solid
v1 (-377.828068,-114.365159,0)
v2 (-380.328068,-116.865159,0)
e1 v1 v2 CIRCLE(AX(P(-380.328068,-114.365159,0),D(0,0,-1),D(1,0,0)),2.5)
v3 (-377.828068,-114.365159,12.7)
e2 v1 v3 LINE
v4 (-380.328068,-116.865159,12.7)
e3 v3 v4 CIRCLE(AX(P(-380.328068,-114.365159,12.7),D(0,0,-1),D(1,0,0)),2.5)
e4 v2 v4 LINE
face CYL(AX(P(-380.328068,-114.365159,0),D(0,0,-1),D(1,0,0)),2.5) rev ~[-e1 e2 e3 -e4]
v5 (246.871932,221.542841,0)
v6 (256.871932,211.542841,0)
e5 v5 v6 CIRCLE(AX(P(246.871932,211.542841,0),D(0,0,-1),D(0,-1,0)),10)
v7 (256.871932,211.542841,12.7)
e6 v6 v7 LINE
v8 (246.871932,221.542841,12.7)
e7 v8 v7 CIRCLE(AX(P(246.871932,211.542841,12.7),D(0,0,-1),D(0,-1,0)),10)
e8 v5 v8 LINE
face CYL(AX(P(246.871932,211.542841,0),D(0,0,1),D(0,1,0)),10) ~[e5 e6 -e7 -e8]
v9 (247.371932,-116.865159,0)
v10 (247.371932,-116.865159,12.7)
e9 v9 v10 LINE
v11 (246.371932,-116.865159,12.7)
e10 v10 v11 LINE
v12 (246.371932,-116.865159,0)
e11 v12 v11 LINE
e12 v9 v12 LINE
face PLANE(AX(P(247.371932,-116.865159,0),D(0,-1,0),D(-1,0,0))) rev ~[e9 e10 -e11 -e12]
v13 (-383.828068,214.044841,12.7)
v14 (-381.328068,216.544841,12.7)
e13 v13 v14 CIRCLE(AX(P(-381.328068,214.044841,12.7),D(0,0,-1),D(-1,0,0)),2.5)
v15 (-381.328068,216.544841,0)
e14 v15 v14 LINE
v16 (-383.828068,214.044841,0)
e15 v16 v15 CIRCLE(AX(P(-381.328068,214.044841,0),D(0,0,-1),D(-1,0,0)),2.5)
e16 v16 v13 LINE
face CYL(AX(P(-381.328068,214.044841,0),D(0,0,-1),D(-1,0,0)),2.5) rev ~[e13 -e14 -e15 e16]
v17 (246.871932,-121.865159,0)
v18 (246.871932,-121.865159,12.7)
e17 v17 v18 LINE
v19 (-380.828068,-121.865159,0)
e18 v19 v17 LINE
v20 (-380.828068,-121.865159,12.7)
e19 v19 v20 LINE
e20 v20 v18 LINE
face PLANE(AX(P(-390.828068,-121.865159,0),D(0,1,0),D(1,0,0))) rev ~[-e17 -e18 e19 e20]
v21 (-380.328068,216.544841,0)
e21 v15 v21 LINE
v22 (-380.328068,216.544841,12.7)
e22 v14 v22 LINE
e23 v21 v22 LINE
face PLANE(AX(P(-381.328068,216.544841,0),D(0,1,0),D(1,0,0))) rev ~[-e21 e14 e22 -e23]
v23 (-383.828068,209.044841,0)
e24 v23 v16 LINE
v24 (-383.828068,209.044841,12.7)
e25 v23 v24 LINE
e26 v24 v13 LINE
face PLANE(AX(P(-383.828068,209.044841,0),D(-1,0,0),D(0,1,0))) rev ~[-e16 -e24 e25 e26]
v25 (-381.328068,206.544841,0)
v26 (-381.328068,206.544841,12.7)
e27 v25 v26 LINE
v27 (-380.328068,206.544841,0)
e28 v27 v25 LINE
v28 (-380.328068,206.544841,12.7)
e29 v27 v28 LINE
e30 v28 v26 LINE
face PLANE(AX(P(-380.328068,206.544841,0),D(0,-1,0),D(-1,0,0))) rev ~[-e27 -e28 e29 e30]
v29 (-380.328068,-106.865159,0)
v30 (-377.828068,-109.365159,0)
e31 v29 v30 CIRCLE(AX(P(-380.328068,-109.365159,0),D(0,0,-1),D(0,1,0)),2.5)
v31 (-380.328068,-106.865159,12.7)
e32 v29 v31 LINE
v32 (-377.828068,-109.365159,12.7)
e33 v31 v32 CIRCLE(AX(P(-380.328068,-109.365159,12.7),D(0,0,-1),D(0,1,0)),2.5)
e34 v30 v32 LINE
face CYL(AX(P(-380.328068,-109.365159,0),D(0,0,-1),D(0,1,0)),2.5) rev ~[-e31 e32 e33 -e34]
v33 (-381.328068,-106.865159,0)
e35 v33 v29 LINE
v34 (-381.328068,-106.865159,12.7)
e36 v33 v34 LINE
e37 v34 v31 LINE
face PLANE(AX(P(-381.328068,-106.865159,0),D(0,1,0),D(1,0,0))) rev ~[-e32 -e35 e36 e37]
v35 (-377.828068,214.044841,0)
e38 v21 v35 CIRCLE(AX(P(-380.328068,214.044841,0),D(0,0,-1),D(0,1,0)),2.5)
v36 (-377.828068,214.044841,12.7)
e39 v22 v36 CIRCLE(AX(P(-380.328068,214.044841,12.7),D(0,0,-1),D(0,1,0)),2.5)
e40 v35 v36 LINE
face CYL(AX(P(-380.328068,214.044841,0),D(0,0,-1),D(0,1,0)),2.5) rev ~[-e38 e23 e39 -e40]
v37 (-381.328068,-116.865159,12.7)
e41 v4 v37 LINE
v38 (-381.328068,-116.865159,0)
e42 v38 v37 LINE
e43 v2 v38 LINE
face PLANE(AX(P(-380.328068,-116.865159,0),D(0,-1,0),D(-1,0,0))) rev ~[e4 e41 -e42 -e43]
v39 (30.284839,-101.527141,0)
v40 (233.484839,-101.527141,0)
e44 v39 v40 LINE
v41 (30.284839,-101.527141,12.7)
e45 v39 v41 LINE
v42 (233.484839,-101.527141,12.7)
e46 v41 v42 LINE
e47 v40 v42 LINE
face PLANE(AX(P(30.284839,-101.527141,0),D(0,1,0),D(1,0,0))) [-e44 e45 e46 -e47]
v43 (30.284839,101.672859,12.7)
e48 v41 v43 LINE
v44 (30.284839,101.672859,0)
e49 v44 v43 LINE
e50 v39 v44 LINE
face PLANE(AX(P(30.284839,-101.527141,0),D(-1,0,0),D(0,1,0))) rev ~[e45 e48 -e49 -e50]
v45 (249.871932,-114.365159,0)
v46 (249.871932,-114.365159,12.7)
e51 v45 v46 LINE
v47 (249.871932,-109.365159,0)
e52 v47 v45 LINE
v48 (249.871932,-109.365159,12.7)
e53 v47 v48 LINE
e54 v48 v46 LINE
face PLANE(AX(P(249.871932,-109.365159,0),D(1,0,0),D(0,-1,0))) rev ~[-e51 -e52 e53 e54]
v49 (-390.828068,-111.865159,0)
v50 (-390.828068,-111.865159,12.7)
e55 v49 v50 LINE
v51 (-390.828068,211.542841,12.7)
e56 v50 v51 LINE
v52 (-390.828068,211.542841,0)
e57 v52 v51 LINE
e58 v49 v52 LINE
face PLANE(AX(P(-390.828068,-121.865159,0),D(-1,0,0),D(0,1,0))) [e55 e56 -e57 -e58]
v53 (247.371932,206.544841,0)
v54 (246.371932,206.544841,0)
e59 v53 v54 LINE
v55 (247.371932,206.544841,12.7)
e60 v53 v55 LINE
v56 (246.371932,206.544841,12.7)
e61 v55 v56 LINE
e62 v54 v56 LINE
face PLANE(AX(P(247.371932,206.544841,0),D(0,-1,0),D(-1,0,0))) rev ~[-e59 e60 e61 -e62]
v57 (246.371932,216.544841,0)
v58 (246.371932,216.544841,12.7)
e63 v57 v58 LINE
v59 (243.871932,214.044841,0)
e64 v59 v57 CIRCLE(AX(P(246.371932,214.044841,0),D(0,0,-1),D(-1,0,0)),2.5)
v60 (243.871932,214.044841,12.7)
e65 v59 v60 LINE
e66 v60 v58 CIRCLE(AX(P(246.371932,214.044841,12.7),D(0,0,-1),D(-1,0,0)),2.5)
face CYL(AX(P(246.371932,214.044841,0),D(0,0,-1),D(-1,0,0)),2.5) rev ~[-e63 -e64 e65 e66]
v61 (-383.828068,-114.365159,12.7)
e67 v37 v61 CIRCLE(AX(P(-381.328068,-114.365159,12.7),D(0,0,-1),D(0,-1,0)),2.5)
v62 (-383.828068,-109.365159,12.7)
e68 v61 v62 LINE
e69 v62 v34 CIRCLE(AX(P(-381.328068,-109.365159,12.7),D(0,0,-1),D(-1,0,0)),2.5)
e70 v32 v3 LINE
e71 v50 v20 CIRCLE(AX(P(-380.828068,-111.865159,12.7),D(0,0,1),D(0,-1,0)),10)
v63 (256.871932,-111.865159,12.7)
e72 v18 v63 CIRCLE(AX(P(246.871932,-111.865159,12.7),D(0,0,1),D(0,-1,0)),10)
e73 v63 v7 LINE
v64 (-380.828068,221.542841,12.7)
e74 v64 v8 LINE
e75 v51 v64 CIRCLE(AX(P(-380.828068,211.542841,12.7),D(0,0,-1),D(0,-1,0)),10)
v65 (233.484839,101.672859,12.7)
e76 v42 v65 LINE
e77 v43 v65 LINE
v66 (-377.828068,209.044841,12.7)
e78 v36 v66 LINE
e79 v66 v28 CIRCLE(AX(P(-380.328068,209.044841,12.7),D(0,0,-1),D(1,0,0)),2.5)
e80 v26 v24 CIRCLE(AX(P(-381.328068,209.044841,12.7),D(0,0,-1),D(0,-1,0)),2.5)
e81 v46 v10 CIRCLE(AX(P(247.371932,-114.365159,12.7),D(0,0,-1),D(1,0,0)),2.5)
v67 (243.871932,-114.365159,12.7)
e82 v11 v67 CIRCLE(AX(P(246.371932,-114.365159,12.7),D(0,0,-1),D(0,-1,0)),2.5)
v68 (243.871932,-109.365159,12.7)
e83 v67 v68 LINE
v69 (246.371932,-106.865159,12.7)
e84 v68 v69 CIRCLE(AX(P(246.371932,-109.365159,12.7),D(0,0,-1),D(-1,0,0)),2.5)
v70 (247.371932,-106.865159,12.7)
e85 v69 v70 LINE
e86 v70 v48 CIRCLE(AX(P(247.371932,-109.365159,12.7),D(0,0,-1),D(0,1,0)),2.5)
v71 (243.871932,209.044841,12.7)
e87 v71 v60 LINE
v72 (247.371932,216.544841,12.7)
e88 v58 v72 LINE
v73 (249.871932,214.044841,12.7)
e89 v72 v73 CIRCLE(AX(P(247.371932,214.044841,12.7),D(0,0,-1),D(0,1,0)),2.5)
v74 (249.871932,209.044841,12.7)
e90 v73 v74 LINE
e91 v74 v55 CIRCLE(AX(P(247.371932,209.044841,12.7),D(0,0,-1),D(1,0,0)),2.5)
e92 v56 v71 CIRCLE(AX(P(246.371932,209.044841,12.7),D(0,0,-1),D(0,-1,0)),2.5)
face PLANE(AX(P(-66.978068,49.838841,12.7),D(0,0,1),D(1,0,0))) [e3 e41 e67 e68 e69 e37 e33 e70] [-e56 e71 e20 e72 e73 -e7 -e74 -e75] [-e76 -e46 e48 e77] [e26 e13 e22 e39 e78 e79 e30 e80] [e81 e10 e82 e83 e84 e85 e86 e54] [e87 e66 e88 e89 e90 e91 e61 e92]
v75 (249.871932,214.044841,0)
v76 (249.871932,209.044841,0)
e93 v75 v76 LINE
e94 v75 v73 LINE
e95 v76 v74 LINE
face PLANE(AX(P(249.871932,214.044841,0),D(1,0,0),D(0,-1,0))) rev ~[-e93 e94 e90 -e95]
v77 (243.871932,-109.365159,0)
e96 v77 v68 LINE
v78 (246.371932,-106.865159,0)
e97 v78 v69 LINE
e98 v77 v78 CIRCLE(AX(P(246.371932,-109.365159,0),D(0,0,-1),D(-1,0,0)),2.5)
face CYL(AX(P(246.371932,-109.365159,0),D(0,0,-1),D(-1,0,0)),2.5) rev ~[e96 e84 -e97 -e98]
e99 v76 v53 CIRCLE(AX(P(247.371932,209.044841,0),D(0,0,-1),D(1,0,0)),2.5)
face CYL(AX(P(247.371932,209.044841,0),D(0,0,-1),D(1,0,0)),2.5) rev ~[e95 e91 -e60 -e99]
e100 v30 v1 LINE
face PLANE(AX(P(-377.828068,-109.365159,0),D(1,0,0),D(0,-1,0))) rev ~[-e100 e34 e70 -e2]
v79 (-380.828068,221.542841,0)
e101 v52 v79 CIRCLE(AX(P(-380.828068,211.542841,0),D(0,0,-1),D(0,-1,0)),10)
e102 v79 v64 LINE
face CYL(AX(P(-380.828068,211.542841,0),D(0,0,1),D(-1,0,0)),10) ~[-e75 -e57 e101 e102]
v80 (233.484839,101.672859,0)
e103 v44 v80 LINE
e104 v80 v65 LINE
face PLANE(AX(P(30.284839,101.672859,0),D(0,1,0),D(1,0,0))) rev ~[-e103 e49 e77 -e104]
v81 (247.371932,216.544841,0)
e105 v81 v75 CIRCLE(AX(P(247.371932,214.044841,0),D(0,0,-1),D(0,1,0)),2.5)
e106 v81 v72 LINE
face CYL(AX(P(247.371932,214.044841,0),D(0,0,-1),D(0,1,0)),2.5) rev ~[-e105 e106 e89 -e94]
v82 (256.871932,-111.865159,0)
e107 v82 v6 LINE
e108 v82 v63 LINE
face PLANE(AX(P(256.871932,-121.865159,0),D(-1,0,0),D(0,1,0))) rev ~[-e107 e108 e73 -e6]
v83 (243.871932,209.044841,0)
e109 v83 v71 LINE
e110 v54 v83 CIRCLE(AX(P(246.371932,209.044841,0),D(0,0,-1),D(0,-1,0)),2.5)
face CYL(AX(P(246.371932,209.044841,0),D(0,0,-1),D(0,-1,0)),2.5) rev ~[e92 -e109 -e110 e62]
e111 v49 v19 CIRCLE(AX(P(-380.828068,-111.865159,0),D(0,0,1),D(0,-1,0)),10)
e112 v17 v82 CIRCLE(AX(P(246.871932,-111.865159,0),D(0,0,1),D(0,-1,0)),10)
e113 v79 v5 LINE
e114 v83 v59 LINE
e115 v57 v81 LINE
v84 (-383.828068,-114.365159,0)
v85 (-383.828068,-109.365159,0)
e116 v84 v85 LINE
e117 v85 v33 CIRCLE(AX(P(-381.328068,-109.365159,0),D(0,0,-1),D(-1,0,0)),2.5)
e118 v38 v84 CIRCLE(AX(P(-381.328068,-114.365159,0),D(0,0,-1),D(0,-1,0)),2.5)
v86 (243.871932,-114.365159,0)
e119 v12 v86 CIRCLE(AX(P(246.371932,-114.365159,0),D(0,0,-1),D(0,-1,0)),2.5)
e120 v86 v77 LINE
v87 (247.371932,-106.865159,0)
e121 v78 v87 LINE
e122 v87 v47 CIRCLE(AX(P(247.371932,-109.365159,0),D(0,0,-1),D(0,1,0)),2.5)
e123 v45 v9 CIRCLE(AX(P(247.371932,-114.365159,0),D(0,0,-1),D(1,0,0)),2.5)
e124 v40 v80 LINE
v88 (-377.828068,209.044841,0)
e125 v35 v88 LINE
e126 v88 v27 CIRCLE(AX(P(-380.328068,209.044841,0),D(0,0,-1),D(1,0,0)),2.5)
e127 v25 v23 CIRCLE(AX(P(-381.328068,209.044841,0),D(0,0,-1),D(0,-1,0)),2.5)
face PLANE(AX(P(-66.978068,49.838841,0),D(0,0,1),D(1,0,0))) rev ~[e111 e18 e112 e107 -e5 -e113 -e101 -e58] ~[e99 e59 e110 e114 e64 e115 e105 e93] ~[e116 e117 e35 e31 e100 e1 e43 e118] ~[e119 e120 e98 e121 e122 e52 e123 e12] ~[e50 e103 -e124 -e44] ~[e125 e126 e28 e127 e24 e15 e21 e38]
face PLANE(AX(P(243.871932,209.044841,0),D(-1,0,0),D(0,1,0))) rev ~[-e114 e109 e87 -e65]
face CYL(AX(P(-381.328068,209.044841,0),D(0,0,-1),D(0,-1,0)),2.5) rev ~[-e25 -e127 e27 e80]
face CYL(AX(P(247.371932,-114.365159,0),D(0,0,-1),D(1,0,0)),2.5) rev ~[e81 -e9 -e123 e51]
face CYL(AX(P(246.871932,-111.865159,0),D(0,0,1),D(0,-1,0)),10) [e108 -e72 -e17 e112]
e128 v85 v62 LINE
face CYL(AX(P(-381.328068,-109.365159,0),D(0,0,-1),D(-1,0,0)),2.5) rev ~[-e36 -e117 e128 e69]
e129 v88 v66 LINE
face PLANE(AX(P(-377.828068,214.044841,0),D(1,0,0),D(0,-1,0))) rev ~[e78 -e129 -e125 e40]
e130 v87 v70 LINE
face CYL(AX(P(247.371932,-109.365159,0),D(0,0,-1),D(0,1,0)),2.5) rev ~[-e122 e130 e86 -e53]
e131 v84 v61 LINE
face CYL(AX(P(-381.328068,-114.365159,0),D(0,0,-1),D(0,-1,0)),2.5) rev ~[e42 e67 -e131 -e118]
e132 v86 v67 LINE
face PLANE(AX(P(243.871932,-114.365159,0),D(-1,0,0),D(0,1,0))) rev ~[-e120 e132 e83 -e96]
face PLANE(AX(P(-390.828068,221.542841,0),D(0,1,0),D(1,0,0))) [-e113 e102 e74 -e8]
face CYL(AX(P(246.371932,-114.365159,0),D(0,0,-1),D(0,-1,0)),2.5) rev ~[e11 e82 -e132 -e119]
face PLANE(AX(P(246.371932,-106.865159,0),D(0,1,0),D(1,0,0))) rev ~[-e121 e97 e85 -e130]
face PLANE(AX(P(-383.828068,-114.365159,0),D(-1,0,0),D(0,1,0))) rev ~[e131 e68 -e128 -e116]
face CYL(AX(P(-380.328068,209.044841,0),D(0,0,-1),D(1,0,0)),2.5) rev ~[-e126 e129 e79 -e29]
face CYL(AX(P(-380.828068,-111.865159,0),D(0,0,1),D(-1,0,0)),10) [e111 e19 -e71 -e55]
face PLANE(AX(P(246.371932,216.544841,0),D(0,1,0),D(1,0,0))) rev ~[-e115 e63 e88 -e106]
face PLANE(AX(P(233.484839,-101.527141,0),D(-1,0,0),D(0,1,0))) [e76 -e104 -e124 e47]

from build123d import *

# Parameters (mm, degrees)
SKETCH1_W           = 647.7
SKETCH1_H           = 343.408
SKETCH1_W_2         = 203.2
SKETCH1_H_2         = 203.2
BOSS_EXTRUDE1_DEPTH = 12.7
FILLET1_R           = 10


with BuildPart() as part:
    # Sketch1 → Boss-Extrude1 (new body)
    with BuildSketch(Plane.XY):
        with Locations((-66.978068182, 49.838840909)):
            Rectangle(SKETCH1_W, SKETCH1_H)
        with BuildLine():
            Line((247.371931818, -116.865159091), (246.371931818, -116.865159091))
            ThreePointArc((246.371931818, -116.865159091), (244.604164865, -116.132926044), (243.871931818, -114.365159091))
            Line((243.871931818, -114.365159091), (243.871931818, -109.365159091))
            ThreePointArc((243.871931818, -109.365159091), (244.604164865, -107.597392138), (246.371931818, -106.865159091))
            Line((246.371931818, -106.865159091), (247.371931818, -106.865159091))
            ThreePointArc((247.371931818, -106.865159091), (249.139698771, -107.597392138), (249.871931818, -109.365159091))
            Line((249.871931818, -109.365159091), (249.871931818, -114.365159091))
            ThreePointArc((249.871931818, -114.365159091), (249.139698771, -116.132926044), (247.371931818, -116.865159091))
        make_face(mode=Mode.SUBTRACT)
        with Locations((131.884838954, 0.072858907)):
            Rectangle(SKETCH1_W_2, SKETCH1_H_2, mode=Mode.SUBTRACT)
        with BuildLine():
            Line((-380.328068182, -116.865159091), (-381.328068182, -116.865159091))
            ThreePointArc((-381.328068182, -116.865159091), (-383.095835135, -116.132926044), (-383.828068182, -114.365159091))
            Line((-383.828068182, -114.365159091), (-383.828068182, -109.365159091))
            ThreePointArc((-383.828068182, -109.365159091), (-383.095835135, -107.597392138), (-381.328068182, -106.865159091))
            Line((-381.328068182, -106.865159091), (-380.328068182, -106.865159091))
            ThreePointArc((-380.328068182, -106.865159091), (-378.560301229, -107.597392138), (-377.828068182, -109.365159091))
            Line((-377.828068182, -109.365159091), (-377.828068182, -114.365159091))
            ThreePointArc((-377.828068182, -114.365159091), (-378.560301229, -116.132926044), (-380.328068182, -116.865159091))
        make_face(mode=Mode.SUBTRACT)
        with BuildLine():
            Line((-380.328068182, 206.544840909), (-381.328068182, 206.544840909))
            ThreePointArc((-381.328068182, 206.544840909), (-383.095835135, 207.277073956), (-383.828068182, 209.044840909))
            Line((-383.828068182, 209.044840909), (-383.828068182, 214.044840909))
            ThreePointArc((-383.828068182, 214.044840909), (-383.095835135, 215.812607862), (-381.328068182, 216.544840909))
            Line((-381.328068182, 216.544840909), (-380.328068182, 216.544840909))
            ThreePointArc((-380.328068182, 216.544840909), (-378.560301229, 215.812607862), (-377.828068182, 214.044840909))
            Line((-377.828068182, 214.044840909), (-377.828068182, 209.044840909))
            ThreePointArc((-377.828068182, 209.044840909), (-378.560301229, 207.277073956), (-380.328068182, 206.544840909))
        make_face(mode=Mode.SUBTRACT)
        with BuildLine():
            Line((247.371931818, 206.544840909), (246.371931818, 206.544840909))
            ThreePointArc((246.371931818, 206.544840909), (244.604164865, 207.277073956), (243.871931818, 209.044840909))
            Line((243.871931818, 209.044840909), (243.871931818, 214.044840909))
            ThreePointArc((243.871931818, 214.044840909), (244.604164865, 215.812607862), (246.371931818, 216.544840909))
            Line((246.371931818, 216.544840909), (247.371931818, 216.544840909))
            ThreePointArc((247.371931818, 216.544840909), (249.139698771, 215.812607862), (249.871931818, 214.044840909))
            Line((249.871931818, 214.044840909), (249.871931818, 209.044840909))
            ThreePointArc((249.871931818, 209.044840909), (249.139698771, 207.277073956), (247.371931818, 206.544840909))
        make_face(mode=Mode.SUBTRACT)
    extrude(amount=BOSS_EXTRUDE1_DEPTH)

    # Fillet1
    fillet1_edges = [part.edges().sort_by_distance(p)[0] for p in [
        (-390.828068182, 221.542840909, 6.35),
        (256.871931818, 221.542840909, 6.35),
        (256.871931818, -121.865159091, 6.35),
        (-390.828068182, -121.865159091, 6.35),
    ]]
    fillet(fillet1_edges, radius=FILLET1_R)


solid = part.part
